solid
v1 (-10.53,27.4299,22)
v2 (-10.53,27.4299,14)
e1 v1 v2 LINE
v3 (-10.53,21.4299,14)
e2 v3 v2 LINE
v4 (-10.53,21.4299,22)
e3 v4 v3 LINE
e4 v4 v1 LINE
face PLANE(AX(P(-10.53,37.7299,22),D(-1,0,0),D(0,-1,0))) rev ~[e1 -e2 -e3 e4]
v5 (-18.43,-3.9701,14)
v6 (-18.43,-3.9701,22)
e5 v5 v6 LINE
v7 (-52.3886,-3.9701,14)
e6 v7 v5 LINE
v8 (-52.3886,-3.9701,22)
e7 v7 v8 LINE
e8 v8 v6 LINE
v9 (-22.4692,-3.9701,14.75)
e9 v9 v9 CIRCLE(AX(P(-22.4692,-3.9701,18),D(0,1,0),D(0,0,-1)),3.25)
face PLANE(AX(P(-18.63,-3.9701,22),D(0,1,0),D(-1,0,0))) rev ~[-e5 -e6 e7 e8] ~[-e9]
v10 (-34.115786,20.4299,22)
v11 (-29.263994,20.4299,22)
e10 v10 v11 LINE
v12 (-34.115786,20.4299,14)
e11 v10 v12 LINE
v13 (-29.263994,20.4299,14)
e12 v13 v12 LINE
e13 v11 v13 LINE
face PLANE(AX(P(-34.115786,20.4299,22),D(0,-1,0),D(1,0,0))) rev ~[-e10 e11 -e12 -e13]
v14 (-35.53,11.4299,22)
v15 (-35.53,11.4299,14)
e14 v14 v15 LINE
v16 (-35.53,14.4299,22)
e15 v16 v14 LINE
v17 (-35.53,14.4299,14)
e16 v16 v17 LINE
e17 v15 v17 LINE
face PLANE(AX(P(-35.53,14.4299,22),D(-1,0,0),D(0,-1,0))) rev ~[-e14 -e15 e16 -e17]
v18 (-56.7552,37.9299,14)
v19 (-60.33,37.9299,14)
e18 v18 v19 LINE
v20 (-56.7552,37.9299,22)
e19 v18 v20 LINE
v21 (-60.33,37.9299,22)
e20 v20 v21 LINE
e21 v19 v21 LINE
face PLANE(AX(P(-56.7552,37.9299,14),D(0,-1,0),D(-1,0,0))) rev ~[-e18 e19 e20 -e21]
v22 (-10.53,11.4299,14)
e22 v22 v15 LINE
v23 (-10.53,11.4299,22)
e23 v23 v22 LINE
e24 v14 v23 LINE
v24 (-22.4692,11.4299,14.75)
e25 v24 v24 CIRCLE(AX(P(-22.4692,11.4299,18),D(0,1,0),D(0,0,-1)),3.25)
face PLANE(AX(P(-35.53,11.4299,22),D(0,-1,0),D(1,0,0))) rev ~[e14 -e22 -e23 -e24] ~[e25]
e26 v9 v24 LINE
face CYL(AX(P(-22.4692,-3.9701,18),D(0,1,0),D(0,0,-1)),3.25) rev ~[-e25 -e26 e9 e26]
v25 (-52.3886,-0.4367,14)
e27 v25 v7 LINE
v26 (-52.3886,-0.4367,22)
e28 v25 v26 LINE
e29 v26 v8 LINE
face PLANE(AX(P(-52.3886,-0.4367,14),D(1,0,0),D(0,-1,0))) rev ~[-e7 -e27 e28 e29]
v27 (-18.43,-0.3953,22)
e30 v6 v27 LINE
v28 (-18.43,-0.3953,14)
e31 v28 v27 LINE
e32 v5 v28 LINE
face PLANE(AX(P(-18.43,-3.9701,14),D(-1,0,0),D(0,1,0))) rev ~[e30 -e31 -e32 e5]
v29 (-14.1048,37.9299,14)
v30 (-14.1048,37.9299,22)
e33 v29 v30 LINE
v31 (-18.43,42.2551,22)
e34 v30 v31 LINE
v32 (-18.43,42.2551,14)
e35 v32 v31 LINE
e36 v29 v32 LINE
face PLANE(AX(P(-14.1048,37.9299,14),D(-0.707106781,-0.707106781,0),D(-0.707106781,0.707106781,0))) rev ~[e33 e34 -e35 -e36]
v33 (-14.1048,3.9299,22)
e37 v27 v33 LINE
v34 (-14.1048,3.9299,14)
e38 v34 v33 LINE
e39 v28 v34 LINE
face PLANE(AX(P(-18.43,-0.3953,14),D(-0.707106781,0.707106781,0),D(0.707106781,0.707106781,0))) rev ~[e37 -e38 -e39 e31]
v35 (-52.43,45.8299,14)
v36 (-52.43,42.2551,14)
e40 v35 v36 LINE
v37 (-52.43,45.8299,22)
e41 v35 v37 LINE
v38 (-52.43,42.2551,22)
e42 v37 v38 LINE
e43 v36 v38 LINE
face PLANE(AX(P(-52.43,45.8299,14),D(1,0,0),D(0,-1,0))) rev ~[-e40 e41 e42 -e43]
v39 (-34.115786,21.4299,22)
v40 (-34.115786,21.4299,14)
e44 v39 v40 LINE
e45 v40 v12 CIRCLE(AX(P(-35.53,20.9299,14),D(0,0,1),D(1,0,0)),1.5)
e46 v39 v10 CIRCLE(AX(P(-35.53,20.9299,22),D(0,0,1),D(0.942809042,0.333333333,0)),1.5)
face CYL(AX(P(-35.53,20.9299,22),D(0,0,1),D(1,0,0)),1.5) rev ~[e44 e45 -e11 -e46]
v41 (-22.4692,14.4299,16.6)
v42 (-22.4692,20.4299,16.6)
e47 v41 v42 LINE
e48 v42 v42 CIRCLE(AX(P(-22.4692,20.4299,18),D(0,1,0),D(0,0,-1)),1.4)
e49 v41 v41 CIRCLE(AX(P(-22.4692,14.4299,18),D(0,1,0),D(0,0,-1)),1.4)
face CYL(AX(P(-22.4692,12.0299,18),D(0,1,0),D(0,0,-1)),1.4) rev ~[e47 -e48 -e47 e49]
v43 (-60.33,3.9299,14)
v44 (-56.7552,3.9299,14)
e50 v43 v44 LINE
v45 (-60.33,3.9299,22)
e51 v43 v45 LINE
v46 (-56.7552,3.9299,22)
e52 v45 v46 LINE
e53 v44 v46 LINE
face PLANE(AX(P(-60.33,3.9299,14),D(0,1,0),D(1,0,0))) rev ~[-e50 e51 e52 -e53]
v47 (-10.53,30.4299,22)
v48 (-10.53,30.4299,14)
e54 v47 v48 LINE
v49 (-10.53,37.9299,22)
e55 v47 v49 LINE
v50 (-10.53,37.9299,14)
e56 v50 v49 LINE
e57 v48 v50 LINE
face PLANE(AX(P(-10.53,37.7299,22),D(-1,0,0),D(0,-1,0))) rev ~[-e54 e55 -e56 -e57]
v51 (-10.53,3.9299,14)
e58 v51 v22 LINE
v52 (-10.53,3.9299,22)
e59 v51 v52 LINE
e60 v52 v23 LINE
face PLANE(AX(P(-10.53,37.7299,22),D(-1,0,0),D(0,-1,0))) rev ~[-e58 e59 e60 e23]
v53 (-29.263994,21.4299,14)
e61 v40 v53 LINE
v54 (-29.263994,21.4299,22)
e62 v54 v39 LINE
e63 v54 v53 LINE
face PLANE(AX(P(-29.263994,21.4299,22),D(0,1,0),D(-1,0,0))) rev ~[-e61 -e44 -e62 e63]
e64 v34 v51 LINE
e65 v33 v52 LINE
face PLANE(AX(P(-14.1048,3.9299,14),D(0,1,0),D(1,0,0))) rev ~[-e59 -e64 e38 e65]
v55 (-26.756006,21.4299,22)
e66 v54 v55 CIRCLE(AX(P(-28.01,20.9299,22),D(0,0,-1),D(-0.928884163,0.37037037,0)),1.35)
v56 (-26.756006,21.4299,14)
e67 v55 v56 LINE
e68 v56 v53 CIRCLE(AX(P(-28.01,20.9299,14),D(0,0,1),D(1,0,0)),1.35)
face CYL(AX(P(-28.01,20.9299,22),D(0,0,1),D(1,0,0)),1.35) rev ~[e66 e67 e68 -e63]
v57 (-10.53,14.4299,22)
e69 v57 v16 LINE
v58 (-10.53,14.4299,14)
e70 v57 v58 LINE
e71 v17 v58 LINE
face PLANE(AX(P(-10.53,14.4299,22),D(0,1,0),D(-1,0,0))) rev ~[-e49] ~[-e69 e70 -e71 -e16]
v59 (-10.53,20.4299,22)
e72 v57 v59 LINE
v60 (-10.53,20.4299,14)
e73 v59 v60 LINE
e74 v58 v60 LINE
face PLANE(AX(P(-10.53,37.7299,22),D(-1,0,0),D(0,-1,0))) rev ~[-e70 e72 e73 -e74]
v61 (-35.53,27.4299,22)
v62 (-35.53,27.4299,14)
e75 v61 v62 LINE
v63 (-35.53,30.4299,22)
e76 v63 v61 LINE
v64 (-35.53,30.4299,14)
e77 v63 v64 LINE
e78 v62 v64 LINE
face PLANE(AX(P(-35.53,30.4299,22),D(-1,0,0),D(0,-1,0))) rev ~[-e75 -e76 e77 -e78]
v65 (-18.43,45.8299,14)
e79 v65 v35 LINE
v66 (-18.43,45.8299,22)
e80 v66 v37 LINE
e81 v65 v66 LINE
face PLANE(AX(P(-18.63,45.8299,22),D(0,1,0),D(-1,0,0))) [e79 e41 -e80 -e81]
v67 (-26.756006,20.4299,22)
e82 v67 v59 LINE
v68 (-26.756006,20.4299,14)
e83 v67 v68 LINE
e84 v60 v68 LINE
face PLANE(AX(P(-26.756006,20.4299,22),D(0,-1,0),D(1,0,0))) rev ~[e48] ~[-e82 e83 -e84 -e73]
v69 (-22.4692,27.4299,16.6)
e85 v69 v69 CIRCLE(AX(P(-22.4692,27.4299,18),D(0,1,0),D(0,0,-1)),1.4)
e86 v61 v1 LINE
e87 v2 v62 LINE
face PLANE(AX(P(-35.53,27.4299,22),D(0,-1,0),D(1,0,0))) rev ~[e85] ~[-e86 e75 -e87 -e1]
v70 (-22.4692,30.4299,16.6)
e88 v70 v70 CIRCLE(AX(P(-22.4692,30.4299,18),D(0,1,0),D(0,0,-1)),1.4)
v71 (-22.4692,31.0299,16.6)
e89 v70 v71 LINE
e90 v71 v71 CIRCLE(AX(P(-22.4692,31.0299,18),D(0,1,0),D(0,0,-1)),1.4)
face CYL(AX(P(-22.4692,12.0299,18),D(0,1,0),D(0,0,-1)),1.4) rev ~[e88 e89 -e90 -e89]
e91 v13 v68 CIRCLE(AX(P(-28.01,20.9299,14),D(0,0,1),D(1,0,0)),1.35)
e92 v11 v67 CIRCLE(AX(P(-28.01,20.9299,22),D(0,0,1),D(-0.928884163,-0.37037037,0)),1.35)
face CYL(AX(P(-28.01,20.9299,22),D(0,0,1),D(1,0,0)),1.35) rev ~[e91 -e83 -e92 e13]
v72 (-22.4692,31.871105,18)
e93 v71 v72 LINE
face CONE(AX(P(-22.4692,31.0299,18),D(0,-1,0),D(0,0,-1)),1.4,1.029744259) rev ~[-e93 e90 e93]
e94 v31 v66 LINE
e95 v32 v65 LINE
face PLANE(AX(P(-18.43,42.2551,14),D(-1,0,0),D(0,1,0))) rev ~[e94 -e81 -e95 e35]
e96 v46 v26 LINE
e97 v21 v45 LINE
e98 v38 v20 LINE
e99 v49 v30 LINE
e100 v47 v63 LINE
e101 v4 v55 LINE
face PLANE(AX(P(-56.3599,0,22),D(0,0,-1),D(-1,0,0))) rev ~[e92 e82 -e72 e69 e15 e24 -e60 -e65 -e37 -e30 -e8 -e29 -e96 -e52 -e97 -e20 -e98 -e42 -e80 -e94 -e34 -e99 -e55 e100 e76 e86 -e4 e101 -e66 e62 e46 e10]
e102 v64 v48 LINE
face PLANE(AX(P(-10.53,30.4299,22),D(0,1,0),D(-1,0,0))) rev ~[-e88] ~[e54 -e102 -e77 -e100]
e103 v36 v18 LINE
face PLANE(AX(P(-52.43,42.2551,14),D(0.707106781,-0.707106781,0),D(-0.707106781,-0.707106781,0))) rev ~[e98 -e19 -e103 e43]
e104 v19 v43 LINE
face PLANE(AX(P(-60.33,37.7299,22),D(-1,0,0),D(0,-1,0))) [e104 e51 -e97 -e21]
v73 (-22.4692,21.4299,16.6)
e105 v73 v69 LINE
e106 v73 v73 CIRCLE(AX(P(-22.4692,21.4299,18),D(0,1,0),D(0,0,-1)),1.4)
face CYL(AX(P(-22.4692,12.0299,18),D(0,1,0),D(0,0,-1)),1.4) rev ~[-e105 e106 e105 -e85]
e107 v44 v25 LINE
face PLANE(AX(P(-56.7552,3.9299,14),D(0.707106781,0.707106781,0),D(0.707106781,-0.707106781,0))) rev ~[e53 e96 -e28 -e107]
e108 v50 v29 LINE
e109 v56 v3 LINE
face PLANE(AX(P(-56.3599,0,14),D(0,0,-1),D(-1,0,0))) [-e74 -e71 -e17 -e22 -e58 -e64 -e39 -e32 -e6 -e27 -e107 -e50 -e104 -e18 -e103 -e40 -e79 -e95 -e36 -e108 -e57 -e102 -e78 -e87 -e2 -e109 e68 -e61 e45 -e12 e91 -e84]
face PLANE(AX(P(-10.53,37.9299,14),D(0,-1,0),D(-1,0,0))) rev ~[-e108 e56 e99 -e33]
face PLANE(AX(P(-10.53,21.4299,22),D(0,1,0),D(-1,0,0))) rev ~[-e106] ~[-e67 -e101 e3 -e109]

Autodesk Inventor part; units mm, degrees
ref_plane "YZ Plane" through (0, 0, 0) normal (1, 0, 0) x (0, 1, 0)
ref_plane "XZ Plane" through (0, 0, 0) normal (0, 1, 0) x (-1, 0, 0)
ref_plane "Work Plane1" through (-56.3599, 0, 22) normal (0, 0, -1) x (-1, 0, 0)
sketch "Sketch1" plane through (-56.3599, 0, 22) normal (0, 0, -1) x (-1, 0, 0)
  line L0 (-4.0299, -0.3538) -> (-2.2322, 1.4439) construction
  arc A0 (-1.4439, 2.2322) -> (-2.2322, 1.4439) centre (-0.9299, 0.9299) ccw construction
  line L1 (-1.4439, 2.2322) -> (0.3538, 4.0299) construction
  line L2 (-37.8299, 42.8299) -> (-37.8299, 37.8299) construction
  line L3 (-37.8299, 37.8299) -> (-42.9208, 37.8299) construction
  line L4 (-37.8299, 42.2137) -> (-37.8299, 45.8299) construction
  line L5 (-37.8299, 45.8299) -> (-4.0299, 45.8299) construction
  line L6 (-4.0299, 45.8299) -> (-4.0299, 42.2137) construction
  line L7 (-4.0299, 4.0299) -> (0.3538, 4.0299) projected
  circle A1 centre (-20.9299, 20.9299) radius 17.5 projected
  line L8 (-20.9299, 58.9723) -> (17.1124, 20.9299) construction
  line L9 (17.1124, 20.9299) -> (-20.9299, -17.1124) construction
  line L10 (-20.9299, -17.1124) -> (-58.9723, 20.9299) construction
  line L11 (-58.9723, 20.9299) -> (-20.9299, 58.9723) construction
  line L12 (-20.9299, 58.9723) -> (-20.9299, -17.1124) construction
  line L13 (17.1124, 20.9299) -> (-58.9723, 20.9299) construction
  line L14 (-20.9299, 58.9723) -> (32.8701, 58.9723) construction
  line L15 (-43.4299, 43.4299) -> (1.5701, 43.4299) construction
  line L16 (1.5701, 43.4299) -> (1.5701, -1.5701) construction
  line L17 (1.5701, -1.5701) -> (-43.4299, -1.5701) construction
  line L18 (-43.4299, -1.5701) -> (-43.4299, 43.4299) construction
  line L19 (-43.4299, 43.4299) -> (1.5701, -1.5701) construction
  line L20 (1.5701, 43.4299) -> (-43.4299, -1.5701) construction
  line L21 (-43.4299, 5.3876) -> (-43.4299, 36.4723)
  line L22 (-43.4299, 36.4723) -> (-36.4723, 43.4299)
  line L23 (-36.4723, 43.4299) -> (-5.3876, 43.4299)
  line L24 (-5.3876, 43.4299) -> (1.5701, 36.4723)
  line L25 (1.5701, 36.4723) -> (1.5701, 5.3876)
  line L26 (1.5701, 5.3876) -> (-5.3876, -1.5701)
  line L27 (-5.3876, -1.5701) -> (-36.4723, -1.5701)
  line L28 (-36.4723, -1.5701) -> (-43.4299, 5.3876)
  line L29 (-4.0299, 42.2137) -> (-37.8299, 42.2137) projected
  line L30 (-4.0299, -0.3538) -> (-4.0299, 4.0299) projected
  circle A2 centre (-20.9299, 20.9299) radius 1.5
  line L31 (-10.9299, 10.9299) -> (-30.9299, 10.9299) construction
  line L32 (-30.9299, 10.9299) -> (-30.9299, 30.9299) construction
  line L33 (-30.9299, 30.9299) -> (-10.9299, 30.9299) construction
  line L34 (-10.9299, 30.9299) -> (-10.9299, 10.9299) construction
  line L35 (-10.9299, 10.9299) -> (-30.9299, 30.9299) construction
  line L36 (-30.9299, 10.9299) -> (-10.9299, 30.9299) construction
  circle A3 centre (-30.9299, 30.9299) radius 1.4
  circle A4 centre (-30.9299, 10.9299) radius 1.4
  circle A5 centre (-10.9299, 10.9299) radius 1.4
  line L37 (-45.8299, 37.8299) -> (-42.0723, 37.8299) construction
  line L38 (-42.1723, 37.7299) -> (-45.8299, 37.7299)
  line L39 (-45.8299, 37.7299) -> (-45.8299, 4.1299)
  line L40 (-45.8299, 4.1299) -> (-42.1723, 4.1299)
  line L41 (-42.1723, 4.1299) -> (-42.1723, 37.7299)
  line L42 (-45.8299, 4.0299) -> (-42.0723, 4.0299) construction
  line L43 (-45.8299, 37.8299) -> (-42.0723, 37.8299) projected
  line L44 (-37.7299, 45.8299) -> (-4.1299, 45.8299)
  line L45 (-4.1299, 45.8299) -> (-4.1299, 42.1723)
  line L46 (-4.1299, 42.1723) -> (-37.7299, 42.1723)
  line L47 (-37.7299, 42.1723) -> (-37.7299, 45.8299)
  line L48 (0.4701, 37.8299) -> (0.4701, 4.0299) construction
  line L49 (0.4701, 4.0299) -> (3.9701, 4.0299) construction
  line L50 (3.9701, 37.8299) -> (3.9701, 4.0299) construction
  line L51 (0.4701, 37.8299) -> (3.9701, 37.8299) construction
  line L52 (-45.8299, -3.9701) -> (-4.0299, -3.9701) construction
  line L53 (0.3124, 37.7299) -> (3.9701, 37.7299)
  line L54 (3.9701, 37.7299) -> (3.9701, 4.1299)
  line L55 (3.9701, 4.1299) -> (0.3124, 4.1299)
  line L56 (0.3124, 4.1299) -> (0.3124, 37.7299)
  line L57 (-4.1713, -0.3538) -> (-37.7299, -0.3538)
  line L58 (-37.7299, -0.3538) -> (-37.7299, -3.9701)
  line L59 (-37.7299, -3.9701) -> (-4.1713, -3.9701)
  line L60 (-4.1713, -3.9701) -> (-4.1713, -0.3538)
  point P0 (-37.8299, 4.0299)
  dimension "d18" = 53.8
  dimension "d19" = 45
  dimension "d20" = 53.8
  dimension "d21" = 45
  dimension "d22" = 45
  dimension "d30" = 20
  dimension "d31" = 20
  dimension "d32" = 2.8
  dimension "d33" = 2.8
  dimension "d34" = 2.8
  dimension "d35" = 3
  dimension "d36" = 0.1
  dimension "d37" = 0.1
  dimension "d38" = 0.1
  dimension "d39" = 0.1
extrude "Extrusion1" add sketch "Sketch1" along normal blind 8 contours L30 L26 L57 L28 L41 L22 L46 L24 L56 L7 | L7 L26 L30 | L56 L24 L25 L26 | L26 L25 L24 L53 L54 L55 | L60 L59 L58 L57 L28 L27 L26 | L26 L27 L28 L57 | L46 L22 L29 L24 | L24 L29 L45 | L40 L39 L38 L22 L21 L28 | L28 L21 L22 L41 | L29 L22 L23 L24 | L24 L23 L22 L29 L47 L44 L45 | L47 L29 L22 | A1 | A2 | A3 | A4 | A5
sketch "Skizze4" plane through (-56.3599, 0, 14) normal (0, 0, -1) x (-1, 0, 0)
  line L0 (-37.7299, 42.1723) -> (-42.1723, 37.7299) projected
  line L1 (-42.1723, 37.7299) -> (-45.8299, 37.7299) projected
  line L2 (-45.8299, 37.7299) -> (-45.8299, 4.1299) construction
  line L3 (-45.8299, 4.1299) -> (-42.1723, 4.1299) projected
  line L4 (-42.1723, 4.1299) -> (-37.6885, -0.3538) projected
  line L5 (-37.6885, -0.3538) -> (-37.7299, -0.3538) projected
  line L6 (-37.7299, -0.3538) -> (-37.7299, -3.9701) projected
  line L7 (-37.7299, -3.9701) -> (-4.1713, -3.9701) construction
  line L8 (-4.1713, -3.9701) -> (-4.1713, -0.3538) projected
  line L9 (-4.1713, -0.3538) -> (0.3124, 4.1299) projected
  line L10 (0.3124, 4.1299) -> (3.9701, 4.1299) projected
  line L11 (3.9701, 4.1299) -> (3.9701, 37.7299) construction
  line L12 (3.9701, 37.7299) -> (0.3124, 37.7299) projected
  line L13 (0.3124, 37.7299) -> (-4.1299, 42.1723) projected
  line L14 (-4.1299, 42.1723) -> (-4.1299, 45.8299) projected
  line L15 (-4.1299, 45.8299) -> (-37.7299, 45.8299) construction
  line L16 (-37.7299, 45.8299) -> (-37.7299, 42.1723) projected
  line L17 (-37.9299, 46.0299) -> (-3.9299, 46.0299) construction
  line L18 (-3.9299, 46.0299) -> (-3.9299, 42.2551)
  line L19 (-3.9299, 42.2551) -> (0.3953, 37.9299)
  line L20 (0.3953, 37.9299) -> (4.1701, 37.9299)
  line L21 (4.1701, 37.9299) -> (4.1701, 3.9299) construction
  line L22 (4.1701, 3.9299) -> (0.3953, 3.9299)
  line L23 (0.3953, 3.9299) -> (-3.9713, -0.4367)
  line L24 (-3.9713, -0.4367) -> (-3.9713, -4.1701)
  line L25 (-3.9713, -4.1701) -> (-37.9299, -4.1701) construction
  line L26 (-37.9299, -4.1701) -> (-37.9299, -0.3953)
  line L27 (-37.9299, -0.3953) -> (-42.2551, 3.9299)
  line L28 (-42.2551, 3.9299) -> (-46.0299, 3.9299)
  line L29 (-46.0299, 3.9299) -> (-46.0299, 37.9299) construction
  line L30 (-46.0299, 37.9299) -> (-42.2551, 37.9299)
  line L31 (-42.2551, 37.9299) -> (-37.9299, 42.2551)
  line L32 (-37.9299, 42.2551) -> (-37.9299, 46.0299)
  line L33 (-45.8299, 37.7299) -> (-45.8299, 37.9299)
  line L34 (-4.1299, 45.8299) -> (-37.7299, 45.8299) projected
  line L35 (-37.7299, 45.8299) -> (-37.9299, 45.8299)
  line L36 (-4.1299, 45.8299) -> (-3.9299, 45.8299)
  line L37 (3.9701, 37.7299) -> (3.9701, 37.9299)
  line L38 (3.9701, 4.1299) -> (3.9701, 37.7299) projected
  line L39 (3.9701, 4.1299) -> (3.9701, 3.9299)
  line L40 (-4.1713, -3.9701) -> (-3.9713, -3.9701)
  line L41 (-37.7299, -3.9701) -> (-37.9299, -3.9701)
  line L42 (-45.8299, 4.1299) -> (-45.8299, 3.9299)
  point P0 (-56.3599, 0)
  dimension "d40" = 0.2
extrude "IM_offset" add sketch "Skizze4" against normal up to surface (8 mm away)
ref_plane "Arbeitsebene5" through (-35.4299, 3.9299, 22) normal (-1, 0, 0) x (0, 0, 1)
ref_plane "Arbeitsebene6" through (-18.4299, 20.9299, 22) normal (0, 1, 0) x (-1, 0, 0)
sketch "Skizze31" plane through (-56.3599, 0, 22) normal (0, 0, 1) x (1, 0, 0)
  line L0 (25.9049, 44.8899) -> (15.7949, 44.8899) projected
  spline S0 degree 3 poles (21.2744, 21.9194) (21.3357, 21.9462) (21.3936, 21.9718) (21.5033, 22.0154) (21.5491, 22.0289) (21.5827, 22.0289) (21.5892, 22.0276) (21.5935, 22.0247) knots 0.300335 0.300335 0.300335 0.300335 0.323424 0.323424 0.35266 0.35266 0.362351 0.362351 0.362351 0.362351 projected
  line L1 (21.2744, 21.9194) -> (21.2744, 26.3899) projected
  line L2 (20.4254, 21.9194) -> (20.4254, 26.3899) projected
  line L3 (21.9714, 15.3899) -> (21.1087, 15.3899) projected
  line L4 (20.5911, 15.3899) -> (19.7285, 15.3899) projected
  line L5 (20.5999, 15.3899) -> (21.0999, 15.3899) projected
  line L6 (28.5999, 22.8289) -> (28.5999, 24.3299) projected
  line L7 (28.5999, 24.3299) -> (28.0999, 24.3299) projected
  line L8 (28.0999, 24.3299) -> (28.0999, 22.8289) projected
  line L9 (28.0999, 22.8289) -> (27.7114, 24.2788) projected
  line L10 (27.7114, 24.2788) -> (27.2285, 24.1494) projected
  line L11 (27.2285, 24.1494) -> (28.0911, 20.9299) projected
  line L12 (28.0911, 20.9299) -> (27.2285, 17.7105) projected
  line L13 (27.2285, 17.7105) -> (27.7114, 17.5811) projected
  line L14 (27.7114, 17.5811) -> (28.0999, 19.031) projected
  line L15 (28.0999, 19.031) -> (28.0999, 17.5299) projected
  line L16 (28.0999, 17.5299) -> (28.5999, 17.5299) projected
  line L17 (28.5999, 17.5299) -> (28.5999, 19.031) projected
  line L18 (28.5999, 19.031) -> (28.9884, 17.5811) projected
  line L19 (28.9884, 17.5811) -> (29.4714, 17.7105) projected
  line L20 (29.4714, 17.7105) -> (28.6087, 20.9299) projected
  line L21 (28.6087, 20.9299) -> (29.4714, 24.1494) projected
  line L22 (29.4714, 24.1494) -> (28.9884, 24.2788) projected
  line L23 (28.9884, 24.2788) -> (28.5999, 22.8289) projected
  circle A0 centre (28.3499, 20.9299) radius 1.35
  line L24 (3.9713, -3.9701) -> (37.9299, -3.9701) projected
  line L25 (37.9299, -3.9701) -> (37.9299, -0.3953) projected
  line L26 (37.9299, -0.3953) -> (42.2551, 3.9299) projected
  line L27 (42.2551, 3.9299) -> (45.8299, 3.9299) projected
  line L28 (45.8299, 3.9299) -> (45.8299, 37.9299) projected
  line L29 (45.8299, 37.9299) -> (42.2551, 37.9299) projected
  line L30 (42.2551, 37.9299) -> (37.9299, 42.2551) projected
  line L31 (37.9299, 42.2551) -> (37.9299, 45.8299) projected
  line L32 (37.9299, 45.8299) -> (3.9299, 45.8299) projected
  line L33 (3.9299, 45.8299) -> (3.9299, 42.2551) projected
  line L34 (3.9299, 42.2551) -> (-0.3953, 37.9299) projected
  line L35 (-0.3953, 37.9299) -> (-3.9701, 37.9299) projected
  line L36 (-3.9701, 37.9299) -> (-3.9701, 3.9299) projected
  line L37 (-3.9701, 3.9299) -> (-0.3953, 3.9299) projected
  line L38 (-0.3953, 3.9299) -> (3.9713, -0.4367) projected
  line L39 (3.9713, -0.4367) -> (3.9713, -3.9701) projected
  line L40 (45.8299, 37.9299) -> (45.8299, 3.9299) projected
  line L41 (20.8299, 20.4299) -> (45.8299, 20.4299)
  line L42 (45.8299, 20.4299) -> (45.8299, 21.4299)
  line L43 (45.8299, 21.4299) -> (20.8299, 21.4299)
  line L44 (20.8299, 21.4299) -> (20.8299, 20.4299)
  line L45 (20.8299, 20.4299) -> (45.8299, 21.4299) construction
  line L46 (45.8299, 20.4299) -> (20.8299, 21.4299) construction
  line L47 (45.8299, 30.4299) -> (20.8299, 30.4299)
  line L48 (20.8299, 30.4299) -> (20.8299, 27.4299)
  line L49 (20.8299, 27.4299) -> (45.8299, 27.4299)
  line L50 (45.8299, 27.4299) -> (45.8299, 30.4299)
  line L51 (45.8299, 14.4299) -> (20.8299, 14.4299)
  line L52 (20.8299, 14.4299) -> (20.8299, 11.4299)
  line L53 (20.8299, 11.4299) -> (45.8299, 11.4299)
  line L54 (45.8299, 11.4299) -> (45.8299, 14.4299)
  circle A1 centre (20.8299, 20.9299) radius 1.5
  point P0 (56.3599, 0)
  point P1 (33.3299, 20.9299)
  point P2 (45.8299, 11.4299)
  point P3 (27.0959, 20.4299)
  point P4 (29.6039, 20.4299)
  point P5 (29.6039, 21.4299)
  point P6 (27.0959, 21.4299)
  point P7 (22.2441, 21.4299)
  point P8 (22.2441, 20.4299)
  point P9 (45.8299, 27.4299)
  dimension "d181" = 2.7
  dimension "d182" = 1
  dimension "d183" = 3
  dimension "d184" = 3
  dimension "d185" = 25
  dimension "d186" = 0
  dimension "d187" = 3
  dimension "d197" = 6
  dimension "d198" = 6
extrude "Extrusion26" cut sketch "Skizze31" against normal blind 10 contours A0 L43 L21 | L21 L43 L11 A0 | L43 A0 L41 L20 L21 | L21 L20 L41 L12 L11 L43 | L43 L28 L41 A0 | L11 L43 A0 | L11 L12 L41 A0 L43 | A0 L41 A1 L43 | L41 A0 L20 | L20 A0 L12 L41 | L49 L48 L47 L28 | L41 L12 A0 | A1 L41 L44 L43 | L43 L44 L41 A1 | L28 L53 L52 L51
sketch "Skizze32" plane through (-35.5299, -3.9701, 22) normal (0, -1, 0) x (1, 0, 0)
  line L0 (8.774, 0) -> (8.774, -8) projected
  line L1 (6.266, 0) -> (6.266, -8) projected
  line L2 (-16.8586, 0) -> (17.1, 0) projected
  line L3 (-16.8586, -8) -> (-16.8586, 0) projected
  line L4 (-16.8586, -8) -> (17.1, -8) projected
  line L5 (17.1, -8) -> (17.1, 0) projected
  circle A0 centre (13.0607, -4) radius 0.7419
  point P0 (35.5299, -22)
hole "Bohrung2" at (-22.4692, -3.9701, 18) direction (0, 1, 0) diameter 2.8 depth 35 tip angle 118 counterbore diameter 6.5 counterbore depth 16
properties part number "20_Cube_Insert_2D_Galvo_Fiberlaunch_v3"
